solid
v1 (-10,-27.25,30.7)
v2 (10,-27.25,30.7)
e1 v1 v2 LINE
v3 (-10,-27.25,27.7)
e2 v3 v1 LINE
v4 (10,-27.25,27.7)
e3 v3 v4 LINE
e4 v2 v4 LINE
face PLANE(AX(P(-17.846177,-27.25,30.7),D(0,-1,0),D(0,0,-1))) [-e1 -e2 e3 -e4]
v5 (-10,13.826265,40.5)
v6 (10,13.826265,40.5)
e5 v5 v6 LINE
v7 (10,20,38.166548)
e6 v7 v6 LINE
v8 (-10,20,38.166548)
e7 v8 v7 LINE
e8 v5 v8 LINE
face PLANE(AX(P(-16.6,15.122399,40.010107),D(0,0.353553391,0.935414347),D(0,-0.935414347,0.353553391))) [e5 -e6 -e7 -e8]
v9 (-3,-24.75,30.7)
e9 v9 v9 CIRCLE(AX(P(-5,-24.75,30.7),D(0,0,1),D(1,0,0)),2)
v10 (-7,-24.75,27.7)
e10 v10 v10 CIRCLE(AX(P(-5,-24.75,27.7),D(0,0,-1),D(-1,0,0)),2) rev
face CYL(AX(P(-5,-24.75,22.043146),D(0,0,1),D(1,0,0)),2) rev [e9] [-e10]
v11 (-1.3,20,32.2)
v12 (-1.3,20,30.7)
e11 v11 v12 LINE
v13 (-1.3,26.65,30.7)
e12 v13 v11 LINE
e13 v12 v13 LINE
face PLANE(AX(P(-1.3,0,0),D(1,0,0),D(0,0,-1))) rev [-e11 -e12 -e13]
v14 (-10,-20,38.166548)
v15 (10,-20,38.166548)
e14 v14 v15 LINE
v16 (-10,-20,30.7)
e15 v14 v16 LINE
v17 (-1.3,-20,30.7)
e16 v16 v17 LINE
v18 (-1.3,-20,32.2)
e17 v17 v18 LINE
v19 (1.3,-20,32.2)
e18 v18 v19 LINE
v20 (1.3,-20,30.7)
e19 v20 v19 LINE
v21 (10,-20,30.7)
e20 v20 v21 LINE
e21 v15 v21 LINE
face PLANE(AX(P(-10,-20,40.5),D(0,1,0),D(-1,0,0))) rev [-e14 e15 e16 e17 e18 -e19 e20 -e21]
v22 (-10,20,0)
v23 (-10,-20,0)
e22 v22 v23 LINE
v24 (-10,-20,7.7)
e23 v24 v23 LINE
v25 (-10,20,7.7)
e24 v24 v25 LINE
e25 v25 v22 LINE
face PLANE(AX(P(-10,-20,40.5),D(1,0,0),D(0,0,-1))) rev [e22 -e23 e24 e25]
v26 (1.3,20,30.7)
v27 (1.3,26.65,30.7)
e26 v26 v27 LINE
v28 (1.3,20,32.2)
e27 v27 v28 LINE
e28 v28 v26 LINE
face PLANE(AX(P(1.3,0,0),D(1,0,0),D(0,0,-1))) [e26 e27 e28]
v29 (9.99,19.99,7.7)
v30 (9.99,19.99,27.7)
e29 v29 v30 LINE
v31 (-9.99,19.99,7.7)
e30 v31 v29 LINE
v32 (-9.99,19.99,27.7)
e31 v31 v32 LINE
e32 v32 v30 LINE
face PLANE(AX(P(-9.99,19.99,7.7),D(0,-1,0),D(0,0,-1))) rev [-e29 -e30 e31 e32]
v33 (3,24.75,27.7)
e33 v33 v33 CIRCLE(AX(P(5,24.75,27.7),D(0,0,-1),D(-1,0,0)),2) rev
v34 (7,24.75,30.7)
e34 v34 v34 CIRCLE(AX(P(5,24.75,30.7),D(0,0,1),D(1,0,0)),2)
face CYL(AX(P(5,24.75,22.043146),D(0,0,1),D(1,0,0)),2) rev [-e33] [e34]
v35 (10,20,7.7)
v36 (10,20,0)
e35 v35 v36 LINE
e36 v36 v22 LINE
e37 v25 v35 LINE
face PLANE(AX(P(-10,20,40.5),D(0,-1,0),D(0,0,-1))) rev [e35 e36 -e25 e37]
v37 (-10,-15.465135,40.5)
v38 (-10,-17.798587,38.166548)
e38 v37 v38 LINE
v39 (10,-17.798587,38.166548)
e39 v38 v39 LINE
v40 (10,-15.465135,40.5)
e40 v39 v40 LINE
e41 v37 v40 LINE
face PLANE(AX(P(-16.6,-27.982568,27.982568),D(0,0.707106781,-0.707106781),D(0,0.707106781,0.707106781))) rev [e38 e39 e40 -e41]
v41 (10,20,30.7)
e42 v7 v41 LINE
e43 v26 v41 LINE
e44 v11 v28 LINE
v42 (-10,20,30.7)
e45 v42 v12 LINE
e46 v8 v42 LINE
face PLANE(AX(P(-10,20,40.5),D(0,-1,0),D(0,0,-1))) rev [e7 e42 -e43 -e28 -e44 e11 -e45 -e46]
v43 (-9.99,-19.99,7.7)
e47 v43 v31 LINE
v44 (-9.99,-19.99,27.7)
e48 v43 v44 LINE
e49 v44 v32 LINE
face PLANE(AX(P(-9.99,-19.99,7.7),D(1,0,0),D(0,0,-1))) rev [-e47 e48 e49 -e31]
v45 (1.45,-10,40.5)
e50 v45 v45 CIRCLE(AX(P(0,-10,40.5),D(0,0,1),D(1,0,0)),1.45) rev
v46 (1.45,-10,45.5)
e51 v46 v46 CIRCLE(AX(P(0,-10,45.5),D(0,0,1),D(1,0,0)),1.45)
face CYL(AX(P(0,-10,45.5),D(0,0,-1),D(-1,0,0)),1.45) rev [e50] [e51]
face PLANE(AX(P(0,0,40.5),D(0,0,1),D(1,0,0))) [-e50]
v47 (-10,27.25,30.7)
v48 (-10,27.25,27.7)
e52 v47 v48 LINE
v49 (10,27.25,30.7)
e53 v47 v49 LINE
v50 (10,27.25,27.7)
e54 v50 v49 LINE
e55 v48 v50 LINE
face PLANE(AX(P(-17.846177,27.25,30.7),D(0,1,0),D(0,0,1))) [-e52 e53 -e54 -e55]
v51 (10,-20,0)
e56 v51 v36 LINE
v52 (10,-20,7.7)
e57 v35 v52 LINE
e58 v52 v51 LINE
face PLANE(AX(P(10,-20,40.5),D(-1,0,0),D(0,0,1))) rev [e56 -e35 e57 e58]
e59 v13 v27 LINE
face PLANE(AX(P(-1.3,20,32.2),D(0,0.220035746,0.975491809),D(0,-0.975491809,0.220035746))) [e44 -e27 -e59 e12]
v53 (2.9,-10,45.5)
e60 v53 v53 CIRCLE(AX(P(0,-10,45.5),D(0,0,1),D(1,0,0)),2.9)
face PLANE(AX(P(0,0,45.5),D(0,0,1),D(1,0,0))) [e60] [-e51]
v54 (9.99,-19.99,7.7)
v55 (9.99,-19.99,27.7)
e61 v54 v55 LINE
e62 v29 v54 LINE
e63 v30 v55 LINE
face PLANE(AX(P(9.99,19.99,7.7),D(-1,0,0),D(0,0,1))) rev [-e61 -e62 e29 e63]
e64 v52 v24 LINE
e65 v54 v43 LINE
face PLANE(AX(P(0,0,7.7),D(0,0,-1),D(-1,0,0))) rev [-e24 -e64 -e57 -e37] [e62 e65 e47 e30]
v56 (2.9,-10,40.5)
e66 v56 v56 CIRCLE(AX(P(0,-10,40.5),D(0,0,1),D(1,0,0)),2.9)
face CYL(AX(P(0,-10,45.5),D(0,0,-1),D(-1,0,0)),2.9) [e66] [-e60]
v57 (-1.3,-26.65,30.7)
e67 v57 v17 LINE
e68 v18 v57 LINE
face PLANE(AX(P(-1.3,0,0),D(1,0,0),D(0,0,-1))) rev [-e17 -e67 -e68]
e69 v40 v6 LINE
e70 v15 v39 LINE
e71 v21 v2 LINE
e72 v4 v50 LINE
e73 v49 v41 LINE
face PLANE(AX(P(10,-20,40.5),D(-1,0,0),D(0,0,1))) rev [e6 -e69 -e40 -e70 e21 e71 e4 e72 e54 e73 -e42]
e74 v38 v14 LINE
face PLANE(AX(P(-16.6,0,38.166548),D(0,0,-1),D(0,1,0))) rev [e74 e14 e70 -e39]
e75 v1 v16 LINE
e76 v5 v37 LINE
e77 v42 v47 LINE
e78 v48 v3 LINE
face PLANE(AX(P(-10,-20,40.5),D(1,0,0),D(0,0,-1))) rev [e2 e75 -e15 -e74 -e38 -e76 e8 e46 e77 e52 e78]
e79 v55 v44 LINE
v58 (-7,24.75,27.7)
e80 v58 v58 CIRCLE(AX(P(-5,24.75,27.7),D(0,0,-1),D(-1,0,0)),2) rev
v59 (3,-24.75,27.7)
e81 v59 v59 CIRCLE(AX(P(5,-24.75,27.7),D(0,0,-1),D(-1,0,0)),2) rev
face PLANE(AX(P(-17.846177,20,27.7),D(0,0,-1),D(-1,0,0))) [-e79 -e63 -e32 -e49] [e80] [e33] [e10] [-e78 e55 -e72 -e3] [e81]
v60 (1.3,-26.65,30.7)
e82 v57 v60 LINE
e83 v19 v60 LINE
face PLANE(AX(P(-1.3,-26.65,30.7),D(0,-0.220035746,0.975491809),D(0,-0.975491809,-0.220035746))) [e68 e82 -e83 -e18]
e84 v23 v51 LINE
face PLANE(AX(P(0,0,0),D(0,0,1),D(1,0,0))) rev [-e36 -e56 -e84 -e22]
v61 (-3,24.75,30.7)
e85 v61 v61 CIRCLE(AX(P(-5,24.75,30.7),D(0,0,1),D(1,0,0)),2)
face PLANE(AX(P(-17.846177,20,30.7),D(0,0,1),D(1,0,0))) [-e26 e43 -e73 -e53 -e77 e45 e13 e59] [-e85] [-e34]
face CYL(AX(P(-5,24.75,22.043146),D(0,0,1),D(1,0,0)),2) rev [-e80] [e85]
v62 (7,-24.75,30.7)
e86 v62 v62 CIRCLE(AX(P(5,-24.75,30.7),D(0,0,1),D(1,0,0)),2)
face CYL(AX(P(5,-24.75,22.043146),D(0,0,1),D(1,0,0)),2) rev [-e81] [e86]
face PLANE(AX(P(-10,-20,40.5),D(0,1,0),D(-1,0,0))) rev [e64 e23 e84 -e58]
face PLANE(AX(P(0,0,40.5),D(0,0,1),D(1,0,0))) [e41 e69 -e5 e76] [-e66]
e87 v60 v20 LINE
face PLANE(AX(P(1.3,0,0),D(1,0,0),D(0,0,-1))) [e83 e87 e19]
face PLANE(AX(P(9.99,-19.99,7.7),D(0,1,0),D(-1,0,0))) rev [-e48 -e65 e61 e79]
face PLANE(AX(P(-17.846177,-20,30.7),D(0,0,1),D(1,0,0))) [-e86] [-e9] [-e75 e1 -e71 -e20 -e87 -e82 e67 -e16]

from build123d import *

# Parameters (mm, degrees)
SKETCH1_W                = 40
SKETCH1_H                = 20
BOSS_EXTRUDE1_DEPTH      = 40.5
SKETCH2_W                = 7.25
SKETCH2_H                = 3
BOSS_EXTRUDE2_DEPTH      = 20
SKETCH3_R                = 2
CUT_EXTRUDE1_DEPTH       = 3
SKETCH4_R                = 2.9
SKETCH4_R_2              = 1.45
BOSS_EXTRUDE3_DEPTH      = 5
CUT_EXTRUDE2_DEPTH       = 20
SKETCH5_W                = 20
SKETCH5_H                = 40
SKETCH5_W_2              = 19.98
SKETCH5_H_2              = 39.98
CUT_EXTRUDE3_DEPTH       = 20
BOSS_EXTRUDE5_DEPTH      = 1.3
BOSS_EXTRUDE5_DEPTH_BACK = 1.3


with BuildPart() as part:
    # Sketch1 → Boss-Extrude1 (new body)
    with BuildSketch(Plane(origin=(0, 0, 0), x_dir=(0, 1, 0), z_dir=(0, 0, 1))):
        Rectangle(SKETCH1_W, SKETCH1_H)
    extrude(amount=BOSS_EXTRUDE1_DEPTH)

    # Sketch2 → Boss-Extrude2 (add)
    with BuildSketch(Plane.YZ.offset(10)):
        with Locations((-23.625, 29.2)):
            Rectangle(SKETCH2_W, SKETCH2_H)
        with Locations((23.625, 29.2)):
            Rectangle(SKETCH2_W, SKETCH2_H)
        Polygon((20, 38.166547622), (13.826265312, 40.5), (20, 40.5), align=None)
        Polygon((-20, 38.166547622), (-17.798587441, 38.166547622), (-15.465135063, 40.5), (-20, 40.5), align=None)
    extrude(amount=-BOSS_EXTRUDE2_DEPTH)

    # Sketch3 → Cut-Extrude1 (cut)
    with BuildSketch(Plane.XY.offset(30.7)):
        with Locations((-5, 24.75)):
            Circle(SKETCH3_R)
        with Locations((5, 24.75)):
            Circle(SKETCH3_R)
        with Locations((-5, -24.75)):
            Circle(SKETCH3_R)
        with Locations((5, -24.75)):
            Circle(SKETCH3_R)
    extrude(amount=-CUT_EXTRUDE1_DEPTH, mode=Mode.SUBTRACT)

    # Sketch4 → Boss-Extrude3 (add)
    with BuildSketch(Plane.XY.offset(40.5)):
        with Locations((0, -10)):
            Circle(SKETCH4_R)
        with Locations((0, -10)):
            Circle(SKETCH4_R_2, mode=Mode.SUBTRACT)
    extrude(amount=BOSS_EXTRUDE3_DEPTH)

    # Sketch2<2> → Cut-Extrude2 (cut)
    with BuildSketch(Plane.YZ.offset(10)):
        Polygon((-20, 40.5), (-20, 38.166547622), (-17.798587441, 38.166547622), (-15.465135063, 40.5), align=None)
        Polygon((20, 40.5), (13.826265312, 40.5), (20, 38.166547622), align=None)
    extrude(amount=-CUT_EXTRUDE2_DEPTH, mode=Mode.SUBTRACT)

    # Sketch5 → Cut-Extrude3 (cut)
    with BuildSketch(Plane(origin=(0, 0, 27.7), x_dir=(1, 0, 0), z_dir=(0, 0, -1))):
        Rectangle(SKETCH5_W, SKETCH5_H)
        Rectangle(SKETCH5_W_2, SKETCH5_H_2, mode=Mode.SUBTRACT)
    extrude(amount=CUT_EXTRUDE3_DEPTH, mode=Mode.SUBTRACT)

    # Sketch6 → Boss-Extrude5 (add, two sides: drawn at the far end of the back side and taken through both)
    with BuildSketch(Plane.YZ.offset(-BOSS_EXTRUDE5_DEPTH_BACK)):
        Polygon((-26.65, 30.7), (-20, 32.2), (-20, 30.7), align=None)
        Polygon((20, 32.2), (26.65, 30.7), (20, 30.7), align=None)
    extrude(amount=BOSS_EXTRUDE5_DEPTH + BOSS_EXTRUDE5_DEPTH_BACK)


solid = part.part
